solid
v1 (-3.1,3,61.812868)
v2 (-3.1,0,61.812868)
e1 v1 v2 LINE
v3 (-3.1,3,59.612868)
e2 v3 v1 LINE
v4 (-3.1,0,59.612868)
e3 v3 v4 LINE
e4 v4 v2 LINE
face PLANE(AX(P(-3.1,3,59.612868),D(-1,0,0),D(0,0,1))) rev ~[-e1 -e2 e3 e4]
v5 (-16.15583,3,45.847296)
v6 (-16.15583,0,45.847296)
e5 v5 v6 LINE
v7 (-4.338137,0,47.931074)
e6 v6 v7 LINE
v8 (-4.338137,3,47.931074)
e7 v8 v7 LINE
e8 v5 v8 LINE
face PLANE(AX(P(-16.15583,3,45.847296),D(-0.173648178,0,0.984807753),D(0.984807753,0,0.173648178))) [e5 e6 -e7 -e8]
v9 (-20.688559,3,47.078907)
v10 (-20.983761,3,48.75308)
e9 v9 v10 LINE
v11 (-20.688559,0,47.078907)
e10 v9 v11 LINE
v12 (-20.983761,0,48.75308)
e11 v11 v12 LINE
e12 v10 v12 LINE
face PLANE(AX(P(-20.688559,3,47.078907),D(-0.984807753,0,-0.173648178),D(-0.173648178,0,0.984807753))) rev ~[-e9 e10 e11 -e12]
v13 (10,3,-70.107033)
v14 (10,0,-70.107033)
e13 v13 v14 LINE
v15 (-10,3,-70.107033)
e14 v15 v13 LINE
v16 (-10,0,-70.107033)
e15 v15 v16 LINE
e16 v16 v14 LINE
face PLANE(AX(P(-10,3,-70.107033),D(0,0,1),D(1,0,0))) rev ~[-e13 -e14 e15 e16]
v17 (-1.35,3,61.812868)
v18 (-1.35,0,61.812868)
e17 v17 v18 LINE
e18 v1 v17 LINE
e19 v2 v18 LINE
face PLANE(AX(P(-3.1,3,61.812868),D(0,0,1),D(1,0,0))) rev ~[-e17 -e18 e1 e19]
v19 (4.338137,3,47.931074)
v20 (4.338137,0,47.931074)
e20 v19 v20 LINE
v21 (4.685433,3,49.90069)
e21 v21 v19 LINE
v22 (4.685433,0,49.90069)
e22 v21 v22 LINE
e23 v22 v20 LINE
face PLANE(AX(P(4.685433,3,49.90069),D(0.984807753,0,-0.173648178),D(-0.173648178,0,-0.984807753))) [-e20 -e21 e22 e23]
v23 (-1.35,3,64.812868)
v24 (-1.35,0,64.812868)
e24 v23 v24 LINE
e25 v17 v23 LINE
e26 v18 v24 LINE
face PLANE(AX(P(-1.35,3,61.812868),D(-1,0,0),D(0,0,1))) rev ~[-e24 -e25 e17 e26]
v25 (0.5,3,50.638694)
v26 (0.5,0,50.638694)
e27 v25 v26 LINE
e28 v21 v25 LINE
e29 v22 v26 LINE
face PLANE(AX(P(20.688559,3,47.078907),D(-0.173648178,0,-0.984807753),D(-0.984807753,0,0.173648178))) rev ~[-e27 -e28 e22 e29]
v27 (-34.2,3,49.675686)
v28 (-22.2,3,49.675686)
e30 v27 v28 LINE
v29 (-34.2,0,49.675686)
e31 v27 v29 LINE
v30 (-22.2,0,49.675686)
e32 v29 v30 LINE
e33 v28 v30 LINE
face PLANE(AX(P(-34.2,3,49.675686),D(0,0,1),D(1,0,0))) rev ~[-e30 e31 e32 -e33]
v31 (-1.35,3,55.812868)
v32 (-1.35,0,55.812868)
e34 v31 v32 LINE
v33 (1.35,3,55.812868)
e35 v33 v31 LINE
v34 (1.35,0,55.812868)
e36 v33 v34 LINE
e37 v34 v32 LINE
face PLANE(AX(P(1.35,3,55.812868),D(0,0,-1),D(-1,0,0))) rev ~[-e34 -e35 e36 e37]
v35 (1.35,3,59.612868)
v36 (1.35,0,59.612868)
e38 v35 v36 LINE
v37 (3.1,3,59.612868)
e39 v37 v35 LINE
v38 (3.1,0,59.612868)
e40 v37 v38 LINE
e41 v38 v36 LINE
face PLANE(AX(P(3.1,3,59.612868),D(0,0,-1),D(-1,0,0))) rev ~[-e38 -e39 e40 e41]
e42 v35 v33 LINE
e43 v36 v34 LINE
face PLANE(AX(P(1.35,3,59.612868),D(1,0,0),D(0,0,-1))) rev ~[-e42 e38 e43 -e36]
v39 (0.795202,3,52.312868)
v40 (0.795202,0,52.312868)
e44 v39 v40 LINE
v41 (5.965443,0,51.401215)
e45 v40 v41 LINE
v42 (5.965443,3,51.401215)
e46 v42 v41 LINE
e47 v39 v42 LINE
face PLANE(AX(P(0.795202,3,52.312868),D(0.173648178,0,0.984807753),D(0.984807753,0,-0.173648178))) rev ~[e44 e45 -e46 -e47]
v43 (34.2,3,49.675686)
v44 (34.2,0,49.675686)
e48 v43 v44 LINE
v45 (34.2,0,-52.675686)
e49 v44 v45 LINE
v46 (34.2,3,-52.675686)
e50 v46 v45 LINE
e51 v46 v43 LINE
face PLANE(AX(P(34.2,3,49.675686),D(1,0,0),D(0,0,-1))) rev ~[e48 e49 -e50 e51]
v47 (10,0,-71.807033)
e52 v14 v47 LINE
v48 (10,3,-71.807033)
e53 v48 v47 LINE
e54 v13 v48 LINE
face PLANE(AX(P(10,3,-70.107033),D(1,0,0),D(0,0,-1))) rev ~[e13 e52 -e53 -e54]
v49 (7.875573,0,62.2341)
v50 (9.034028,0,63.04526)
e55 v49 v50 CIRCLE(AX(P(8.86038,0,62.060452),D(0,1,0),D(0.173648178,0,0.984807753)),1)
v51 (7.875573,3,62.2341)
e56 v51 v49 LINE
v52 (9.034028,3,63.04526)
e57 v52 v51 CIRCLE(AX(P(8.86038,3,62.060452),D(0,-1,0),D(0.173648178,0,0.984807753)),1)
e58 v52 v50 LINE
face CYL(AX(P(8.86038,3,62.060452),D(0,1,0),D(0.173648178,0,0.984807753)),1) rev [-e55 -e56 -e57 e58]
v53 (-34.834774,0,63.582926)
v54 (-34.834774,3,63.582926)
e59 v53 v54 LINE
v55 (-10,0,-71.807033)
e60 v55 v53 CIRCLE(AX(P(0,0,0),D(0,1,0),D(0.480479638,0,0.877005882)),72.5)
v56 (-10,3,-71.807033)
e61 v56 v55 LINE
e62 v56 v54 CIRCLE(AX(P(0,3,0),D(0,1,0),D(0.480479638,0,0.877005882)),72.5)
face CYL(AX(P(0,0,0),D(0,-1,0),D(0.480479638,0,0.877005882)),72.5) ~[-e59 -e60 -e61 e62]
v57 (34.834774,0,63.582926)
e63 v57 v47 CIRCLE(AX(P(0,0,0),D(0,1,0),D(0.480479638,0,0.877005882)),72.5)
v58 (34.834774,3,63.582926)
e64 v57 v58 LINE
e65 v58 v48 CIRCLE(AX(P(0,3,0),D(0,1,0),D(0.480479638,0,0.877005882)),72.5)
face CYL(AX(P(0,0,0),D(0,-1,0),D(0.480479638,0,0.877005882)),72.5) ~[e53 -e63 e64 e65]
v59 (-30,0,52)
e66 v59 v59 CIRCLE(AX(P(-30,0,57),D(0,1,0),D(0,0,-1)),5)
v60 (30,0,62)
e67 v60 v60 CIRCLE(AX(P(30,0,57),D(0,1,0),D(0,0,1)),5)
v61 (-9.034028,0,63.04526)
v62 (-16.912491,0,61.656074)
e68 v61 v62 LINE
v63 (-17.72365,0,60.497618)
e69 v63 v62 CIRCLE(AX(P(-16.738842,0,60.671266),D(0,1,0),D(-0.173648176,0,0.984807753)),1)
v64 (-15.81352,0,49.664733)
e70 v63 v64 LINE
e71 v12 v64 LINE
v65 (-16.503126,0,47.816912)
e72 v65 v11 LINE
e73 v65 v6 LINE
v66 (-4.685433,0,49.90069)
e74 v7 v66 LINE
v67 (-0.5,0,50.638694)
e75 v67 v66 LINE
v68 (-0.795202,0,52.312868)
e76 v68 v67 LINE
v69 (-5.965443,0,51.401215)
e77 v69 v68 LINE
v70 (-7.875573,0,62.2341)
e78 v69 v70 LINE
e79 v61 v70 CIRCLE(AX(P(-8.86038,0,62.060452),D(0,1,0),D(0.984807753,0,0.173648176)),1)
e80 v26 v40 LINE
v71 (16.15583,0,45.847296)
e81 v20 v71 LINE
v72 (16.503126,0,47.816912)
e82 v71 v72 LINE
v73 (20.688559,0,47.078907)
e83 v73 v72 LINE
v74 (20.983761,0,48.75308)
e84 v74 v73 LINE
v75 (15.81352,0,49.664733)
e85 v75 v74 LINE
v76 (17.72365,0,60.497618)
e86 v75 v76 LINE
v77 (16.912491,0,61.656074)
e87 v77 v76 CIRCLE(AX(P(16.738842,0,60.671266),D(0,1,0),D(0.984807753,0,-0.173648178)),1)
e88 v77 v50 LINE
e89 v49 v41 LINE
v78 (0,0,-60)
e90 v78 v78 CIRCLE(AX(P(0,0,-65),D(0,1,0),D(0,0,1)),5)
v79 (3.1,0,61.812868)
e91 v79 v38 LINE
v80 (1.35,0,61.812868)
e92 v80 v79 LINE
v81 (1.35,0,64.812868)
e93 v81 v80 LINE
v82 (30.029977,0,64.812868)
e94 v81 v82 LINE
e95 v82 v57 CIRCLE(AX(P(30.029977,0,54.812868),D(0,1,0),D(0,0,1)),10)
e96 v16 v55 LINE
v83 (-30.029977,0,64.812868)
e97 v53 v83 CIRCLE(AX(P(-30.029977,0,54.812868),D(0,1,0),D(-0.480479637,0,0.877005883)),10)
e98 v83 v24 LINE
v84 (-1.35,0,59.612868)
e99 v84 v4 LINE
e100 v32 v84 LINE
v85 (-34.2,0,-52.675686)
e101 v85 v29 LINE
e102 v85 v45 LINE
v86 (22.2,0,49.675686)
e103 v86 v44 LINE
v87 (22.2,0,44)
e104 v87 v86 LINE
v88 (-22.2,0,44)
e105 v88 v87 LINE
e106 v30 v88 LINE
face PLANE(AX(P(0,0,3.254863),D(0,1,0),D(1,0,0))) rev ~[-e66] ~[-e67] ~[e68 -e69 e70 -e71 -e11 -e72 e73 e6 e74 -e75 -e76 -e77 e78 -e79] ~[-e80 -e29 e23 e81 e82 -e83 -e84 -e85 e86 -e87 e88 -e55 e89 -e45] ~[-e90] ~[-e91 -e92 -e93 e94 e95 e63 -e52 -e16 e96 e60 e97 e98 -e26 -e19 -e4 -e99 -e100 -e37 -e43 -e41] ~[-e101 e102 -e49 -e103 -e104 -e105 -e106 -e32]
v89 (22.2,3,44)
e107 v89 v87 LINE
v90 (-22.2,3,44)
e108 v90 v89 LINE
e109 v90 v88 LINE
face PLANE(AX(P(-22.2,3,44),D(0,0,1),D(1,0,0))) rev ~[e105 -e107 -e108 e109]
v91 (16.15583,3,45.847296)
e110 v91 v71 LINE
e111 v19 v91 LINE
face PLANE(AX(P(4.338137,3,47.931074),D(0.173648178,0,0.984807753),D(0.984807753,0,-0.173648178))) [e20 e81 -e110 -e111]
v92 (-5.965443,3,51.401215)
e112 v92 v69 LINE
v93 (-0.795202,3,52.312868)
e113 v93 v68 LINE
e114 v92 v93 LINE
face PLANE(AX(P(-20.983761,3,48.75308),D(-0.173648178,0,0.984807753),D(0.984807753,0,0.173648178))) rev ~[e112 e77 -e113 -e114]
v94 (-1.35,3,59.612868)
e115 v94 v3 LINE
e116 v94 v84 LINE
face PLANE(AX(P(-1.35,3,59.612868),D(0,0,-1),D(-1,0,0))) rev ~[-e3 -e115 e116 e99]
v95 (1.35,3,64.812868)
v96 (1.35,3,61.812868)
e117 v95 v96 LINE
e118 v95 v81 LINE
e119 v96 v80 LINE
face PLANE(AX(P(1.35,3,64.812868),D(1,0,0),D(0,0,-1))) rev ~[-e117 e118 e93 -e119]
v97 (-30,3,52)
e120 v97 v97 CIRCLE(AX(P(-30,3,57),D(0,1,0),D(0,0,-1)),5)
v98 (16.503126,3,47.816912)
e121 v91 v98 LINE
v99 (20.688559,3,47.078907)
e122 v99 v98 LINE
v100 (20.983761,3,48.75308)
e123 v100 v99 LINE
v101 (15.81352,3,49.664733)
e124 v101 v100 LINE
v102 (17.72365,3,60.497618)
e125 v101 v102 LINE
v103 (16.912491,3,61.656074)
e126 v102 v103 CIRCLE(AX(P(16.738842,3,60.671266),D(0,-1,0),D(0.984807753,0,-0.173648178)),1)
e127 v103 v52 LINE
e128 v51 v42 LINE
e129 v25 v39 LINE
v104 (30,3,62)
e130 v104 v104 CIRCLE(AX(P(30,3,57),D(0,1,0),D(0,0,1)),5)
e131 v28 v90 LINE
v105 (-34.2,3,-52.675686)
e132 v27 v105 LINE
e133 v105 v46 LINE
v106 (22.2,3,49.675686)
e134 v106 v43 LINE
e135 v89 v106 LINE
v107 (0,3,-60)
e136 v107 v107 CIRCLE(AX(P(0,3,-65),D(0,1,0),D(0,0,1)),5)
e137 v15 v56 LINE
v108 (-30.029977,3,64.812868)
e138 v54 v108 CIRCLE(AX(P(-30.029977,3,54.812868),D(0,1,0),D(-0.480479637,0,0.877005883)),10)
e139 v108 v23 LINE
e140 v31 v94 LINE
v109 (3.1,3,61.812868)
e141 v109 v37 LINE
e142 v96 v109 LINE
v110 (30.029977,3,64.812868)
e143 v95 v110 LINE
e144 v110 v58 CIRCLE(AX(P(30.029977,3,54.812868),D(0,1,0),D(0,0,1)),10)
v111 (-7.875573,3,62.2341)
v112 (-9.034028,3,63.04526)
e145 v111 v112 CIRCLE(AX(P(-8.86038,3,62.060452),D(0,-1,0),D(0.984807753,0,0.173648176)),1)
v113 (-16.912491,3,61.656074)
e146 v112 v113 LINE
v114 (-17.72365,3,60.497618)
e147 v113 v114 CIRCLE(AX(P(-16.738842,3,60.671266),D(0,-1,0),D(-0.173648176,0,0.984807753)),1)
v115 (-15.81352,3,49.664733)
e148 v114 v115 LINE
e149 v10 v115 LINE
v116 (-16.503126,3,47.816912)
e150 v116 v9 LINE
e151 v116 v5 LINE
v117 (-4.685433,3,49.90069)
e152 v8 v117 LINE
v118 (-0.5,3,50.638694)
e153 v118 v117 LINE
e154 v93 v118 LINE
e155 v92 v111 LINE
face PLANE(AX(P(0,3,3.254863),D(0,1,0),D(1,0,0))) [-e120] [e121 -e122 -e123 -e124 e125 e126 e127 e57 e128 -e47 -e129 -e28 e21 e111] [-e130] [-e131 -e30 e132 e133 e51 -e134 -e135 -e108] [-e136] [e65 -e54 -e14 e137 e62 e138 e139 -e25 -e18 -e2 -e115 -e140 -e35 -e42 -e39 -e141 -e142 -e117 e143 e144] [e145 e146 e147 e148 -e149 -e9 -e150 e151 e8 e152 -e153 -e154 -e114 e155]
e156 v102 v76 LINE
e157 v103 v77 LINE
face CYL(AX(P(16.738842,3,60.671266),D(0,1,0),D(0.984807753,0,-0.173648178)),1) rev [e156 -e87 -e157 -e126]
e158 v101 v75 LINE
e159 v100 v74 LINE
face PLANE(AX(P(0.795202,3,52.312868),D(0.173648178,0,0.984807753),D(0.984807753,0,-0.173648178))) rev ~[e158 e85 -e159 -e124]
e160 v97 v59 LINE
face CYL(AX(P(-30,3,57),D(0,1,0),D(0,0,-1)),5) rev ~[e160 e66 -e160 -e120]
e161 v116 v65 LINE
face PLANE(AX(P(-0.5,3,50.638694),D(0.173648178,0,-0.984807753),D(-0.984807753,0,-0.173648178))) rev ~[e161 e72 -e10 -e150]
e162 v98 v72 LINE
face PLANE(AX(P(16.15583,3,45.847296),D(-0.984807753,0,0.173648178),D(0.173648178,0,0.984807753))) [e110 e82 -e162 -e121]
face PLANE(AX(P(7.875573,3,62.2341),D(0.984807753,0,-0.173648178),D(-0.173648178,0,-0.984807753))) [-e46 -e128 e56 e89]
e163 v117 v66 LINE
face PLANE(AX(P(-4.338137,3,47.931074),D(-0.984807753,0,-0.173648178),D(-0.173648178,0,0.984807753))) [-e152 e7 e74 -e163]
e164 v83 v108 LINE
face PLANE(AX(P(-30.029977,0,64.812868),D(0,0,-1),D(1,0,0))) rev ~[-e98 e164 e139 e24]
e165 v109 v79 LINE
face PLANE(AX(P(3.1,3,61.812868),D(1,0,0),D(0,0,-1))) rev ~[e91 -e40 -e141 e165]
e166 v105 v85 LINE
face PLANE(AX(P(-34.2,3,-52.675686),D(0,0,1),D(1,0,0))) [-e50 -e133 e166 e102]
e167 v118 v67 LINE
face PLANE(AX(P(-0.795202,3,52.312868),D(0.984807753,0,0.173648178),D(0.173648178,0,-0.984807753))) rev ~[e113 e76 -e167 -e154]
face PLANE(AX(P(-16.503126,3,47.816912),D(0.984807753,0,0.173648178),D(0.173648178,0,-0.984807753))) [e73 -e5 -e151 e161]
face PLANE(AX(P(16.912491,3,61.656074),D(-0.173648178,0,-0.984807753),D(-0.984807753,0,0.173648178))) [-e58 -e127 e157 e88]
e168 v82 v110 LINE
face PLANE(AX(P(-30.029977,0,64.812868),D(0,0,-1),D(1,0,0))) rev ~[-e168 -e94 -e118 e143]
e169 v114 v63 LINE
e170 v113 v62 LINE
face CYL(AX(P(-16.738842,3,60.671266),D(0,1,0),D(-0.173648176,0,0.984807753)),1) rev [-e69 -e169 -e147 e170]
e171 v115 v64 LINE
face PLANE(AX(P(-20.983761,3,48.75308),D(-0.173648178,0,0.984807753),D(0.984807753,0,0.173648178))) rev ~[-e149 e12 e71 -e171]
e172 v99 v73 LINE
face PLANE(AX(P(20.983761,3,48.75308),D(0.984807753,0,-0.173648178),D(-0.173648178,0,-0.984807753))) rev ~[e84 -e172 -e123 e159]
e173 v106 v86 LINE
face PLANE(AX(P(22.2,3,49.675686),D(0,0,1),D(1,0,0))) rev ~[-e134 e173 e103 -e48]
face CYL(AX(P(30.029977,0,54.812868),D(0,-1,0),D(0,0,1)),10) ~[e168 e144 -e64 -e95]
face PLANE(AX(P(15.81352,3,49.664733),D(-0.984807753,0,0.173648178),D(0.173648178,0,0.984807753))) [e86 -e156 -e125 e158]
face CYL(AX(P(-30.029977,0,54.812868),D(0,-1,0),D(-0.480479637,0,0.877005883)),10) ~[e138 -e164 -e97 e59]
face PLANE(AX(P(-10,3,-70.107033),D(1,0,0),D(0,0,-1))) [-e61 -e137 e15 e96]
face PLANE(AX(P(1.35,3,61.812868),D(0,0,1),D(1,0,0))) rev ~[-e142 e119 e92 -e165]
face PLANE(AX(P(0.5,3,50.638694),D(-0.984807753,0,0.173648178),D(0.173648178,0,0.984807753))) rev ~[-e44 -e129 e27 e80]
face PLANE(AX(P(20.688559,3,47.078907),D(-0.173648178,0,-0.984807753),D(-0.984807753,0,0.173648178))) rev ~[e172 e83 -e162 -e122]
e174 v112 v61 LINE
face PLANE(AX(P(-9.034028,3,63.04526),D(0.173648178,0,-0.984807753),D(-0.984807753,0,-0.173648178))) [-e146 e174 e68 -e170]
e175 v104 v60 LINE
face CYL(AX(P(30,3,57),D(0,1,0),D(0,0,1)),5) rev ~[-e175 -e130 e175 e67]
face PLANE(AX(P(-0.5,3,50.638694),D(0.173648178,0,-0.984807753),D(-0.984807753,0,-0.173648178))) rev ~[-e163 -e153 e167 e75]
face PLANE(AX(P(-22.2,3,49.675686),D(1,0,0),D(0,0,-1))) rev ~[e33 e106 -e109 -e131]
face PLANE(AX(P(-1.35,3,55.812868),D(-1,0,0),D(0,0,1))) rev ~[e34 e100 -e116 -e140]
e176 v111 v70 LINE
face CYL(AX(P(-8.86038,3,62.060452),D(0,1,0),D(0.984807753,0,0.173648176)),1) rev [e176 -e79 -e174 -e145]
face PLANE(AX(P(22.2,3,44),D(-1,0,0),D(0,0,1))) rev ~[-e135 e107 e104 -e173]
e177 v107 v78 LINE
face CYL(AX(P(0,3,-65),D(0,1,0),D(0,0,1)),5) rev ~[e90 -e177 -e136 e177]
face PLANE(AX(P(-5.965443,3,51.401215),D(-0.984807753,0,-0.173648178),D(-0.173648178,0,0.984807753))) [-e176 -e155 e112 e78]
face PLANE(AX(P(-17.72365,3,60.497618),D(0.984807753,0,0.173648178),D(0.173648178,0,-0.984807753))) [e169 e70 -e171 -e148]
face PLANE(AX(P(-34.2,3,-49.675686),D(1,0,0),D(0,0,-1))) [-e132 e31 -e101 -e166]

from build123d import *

# Parameters (mm, degrees)
BOSS_EXTRUDE1_DEPTH = 3
CUT_EXTRUDE1_DEPTH  = 103.574363269
CUT_EXTRUDE3_DEPTH  = 103.574363269
CUT_EXTRUDE4_DEPTH  = 103.574363269
SKETCH6_W           = 68.4
SKETCH6_H           = 3
CUT_EXTRUDE5_DEPTH  = 103.574363269
SKETCH7_R           = 5
CUT_EXTRUDE6_DEPTH  = 103.574363269
SKETCH11_R          = 5
CUT_EXTRUDE10_DEPTH = 103.574363269
SKETCH15_W          = 20
SKETCH15_H          = 1.7
CUT_EXTRUDE14_DEPTH = 103.574363269
CUT_EXTRUDE15_DEPTH = 103.085748271


with BuildPart() as part:
    # Sketch1 → Boss-Extrude1 (new body)
    with BuildSketch(Plane(origin=(0, 0, 0), x_dir=(1, 0, 0), z_dir=(0, 1, 0))):
        with BuildLine():
            Line((-30.029977361, -64.812867647), (30.029977361, -64.812867647))
            ThreePointArc((30.029977361, -64.812867647), (32.509837414, -64.500503794), (34.834773739, -63.582926471))
            ThreePointArc((34.834773739, -63.582926471), (0, 72.5), (-34.834773739, -63.582926471))
            ThreePointArc((-34.834773739, -63.582926471), (-32.509837414, -64.500503794), (-30.029977361, -64.812867647))
        make_face()
    extrude(amount=BOSS_EXTRUDE1_DEPTH)

    # Sketch2 → Cut-Extrude1 (cut, through all)
    with BuildSketch(Plane(origin=(0, 3, 0), x_dir=(1, 0, 0), z_dir=(0, 1, 0))):
        Polygon((-34.2, -49.675685802), (-22.2, -49.675685802), (-22.2, -44), (22.2, -44), (22.2, -49.675685802), (34.2, -49.675685802), (34.2, 49.675685802), (22.2, 49.675685802), (22.2, 44), (-22.2, 44), (-22.2, 49.675685802), (-34.2, 49.675685802), align=None)
    extrude(amount=-CUT_EXTRUDE1_DEPTH, mode=Mode.SUBTRACT)

    # Sketch4 → Cut-Extrude3 (cut, through all)
    with BuildSketch(Plane(origin=(0, 3, 0), x_dir=(1, 0, 0), z_dir=(0, 1, 0))):
        Polygon((-20.983760839, -48.753080005), (-0.795201902, -52.312867647), (-0.5, -50.638694467), (-20.688558937, -47.078906825), align=None)
        Polygon((20.983760839, -48.753080005), (20.688558937, -47.078906825), (0.5, -50.638694467), (0.795201902, -52.312867647), align=None)
    extrude(amount=-CUT_EXTRUDE3_DEPTH, mode=Mode.SUBTRACT)

    # Sketch5 → Cut-Extrude4 (cut, through all)
    with BuildSketch(Plane(origin=(0, 3, 0), x_dir=(1, 0, 0), z_dir=(0, 1, 0))):
        with BuildLine():
            Line((5.965442605, -51.401214714), (15.813520135, -49.664732938))
            Line((15.813520135, -49.664732938), (17.72365009, -60.497618221))
            ThreePointArc((17.72365009, -60.497618221), (17.557994381, -61.244842835), (16.912490514, -61.656074151))
            Line((16.912490514, -61.656074151), (9.03402849, -63.045259573))
            ThreePointArc((9.03402849, -63.045259573), (8.286803876, -62.879603864), (7.87557256, -62.234099997))
            Line((7.87557256, -62.234099997), (5.965442605, -51.401214714))
        make_face()
        Polygon((16.503125986, -47.81691158), (4.68543295, -49.900689712), (4.338136595, -47.931074206), (16.155829631, -45.847296074), align=None)
        Polygon((-16.155829631, -45.847296074), (-4.338136595, -47.931074206), (-4.68543295, -49.900689712), (-16.503125986, -47.81691158), align=None)
        with BuildLine():
            Line((-9.03402849, -63.045259573), (-16.912490514, -61.656074151))
            ThreePointArc((-16.912490514, -61.656074151), (-17.557994381, -61.244842835), (-17.72365009, -60.497618221))
            Line((-17.72365009, -60.497618221), (-15.813520135, -49.664732938))
            Line((-15.813520135, -49.664732938), (-5.965442605, -51.401214714))
            Line((-5.965442605, -51.401214714), (-7.87557256, -62.234099997))
            ThreePointArc((-7.87557256, -62.234099997), (-8.286803876, -62.879603864), (-9.03402849, -63.045259573))
        make_face()
    extrude(amount=-CUT_EXTRUDE4_DEPTH, mode=Mode.SUBTRACT)

    # Sketch6 → Cut-Extrude5 (cut, through all)
    with BuildSketch(Plane(origin=(0, 3, 0), x_dir=(1, 0, 0), z_dir=(0, 1, 0))):
        with Locations((0, 51.175685802)):
            Rectangle(SKETCH6_W, SKETCH6_H)
    extrude(amount=-CUT_EXTRUDE5_DEPTH, mode=Mode.SUBTRACT)


with BuildPart() as cut_extrude5_kept_piece:
    # of the separate pieces the step leaves, the one the design keeps (cut_extrude5_pieces_kept)
    add(part.part.solids().sort_by_distance((-34.834773739, 0, 63.582926471))[0])

    # Sketch7 → Cut-Extrude6 (cut, through all)
    with BuildSketch(Plane(origin=(0, 3, 0), x_dir=(1, 0, 0), z_dir=(0, 1, 0))):
        with Locations(Location((-30, -57, 0), (0, 0, 90))):
            Circle(SKETCH7_R)
        with Locations(Location((30, -57, 0), (0, 0, 270))):
            Circle(SKETCH7_R)
    extrude(amount=-CUT_EXTRUDE6_DEPTH, mode=Mode.SUBTRACT)

    # Sketch11 → Cut-Extrude10 (cut, through all)
    with BuildSketch(Plane(origin=(0, 3, 0), x_dir=(1, 0, 0), z_dir=(0, 1, 0))):
        with Locations(Location((0, 65, 0), (0, 0, 270))):
            Circle(SKETCH11_R)
    extrude(amount=-CUT_EXTRUDE10_DEPTH, mode=Mode.SUBTRACT)

    # Sketch15 → Cut-Extrude14 (cut, through all)
    with BuildSketch(Plane(origin=(0, 3, 0), x_dir=(1, 0, 0), z_dir=(0, 1, 0))):
        with Locations((0, 70.957033082)):
            Rectangle(SKETCH15_W, SKETCH15_H)
    extrude(amount=-CUT_EXTRUDE14_DEPTH, mode=Mode.SUBTRACT)


with BuildPart() as body_2:
    # of the pieces the cut leaves, the one that is kept (cut_extrude14_keep)
    add(cut_extrude5_kept_piece.part.solids().sort_by_distance((-34.834773739, 0, 63.582926471))[0])

    # Sketch16 → Cut-Extrude15 (cut, through all)
    with BuildSketch(Plane(origin=(0, 3, 0), x_dir=(1, 0, 0), z_dir=(0, 1, 0))):
        Polygon((-1.35, -64.812867647), (1.35, -64.812867647), (1.35, -61.812867647), (3.1, -61.812867647), (3.1, -59.612867647), (1.35, -59.612867647), (1.35, -55.812867647), (-1.35, -55.812867647), (-1.35, -59.612867647), (-3.1, -59.612867647), (-3.1, -61.812867647), (-1.35, -61.812867647), align=None)
    extrude(amount=-CUT_EXTRUDE15_DEPTH, mode=Mode.SUBTRACT)


solid = body_2.part
